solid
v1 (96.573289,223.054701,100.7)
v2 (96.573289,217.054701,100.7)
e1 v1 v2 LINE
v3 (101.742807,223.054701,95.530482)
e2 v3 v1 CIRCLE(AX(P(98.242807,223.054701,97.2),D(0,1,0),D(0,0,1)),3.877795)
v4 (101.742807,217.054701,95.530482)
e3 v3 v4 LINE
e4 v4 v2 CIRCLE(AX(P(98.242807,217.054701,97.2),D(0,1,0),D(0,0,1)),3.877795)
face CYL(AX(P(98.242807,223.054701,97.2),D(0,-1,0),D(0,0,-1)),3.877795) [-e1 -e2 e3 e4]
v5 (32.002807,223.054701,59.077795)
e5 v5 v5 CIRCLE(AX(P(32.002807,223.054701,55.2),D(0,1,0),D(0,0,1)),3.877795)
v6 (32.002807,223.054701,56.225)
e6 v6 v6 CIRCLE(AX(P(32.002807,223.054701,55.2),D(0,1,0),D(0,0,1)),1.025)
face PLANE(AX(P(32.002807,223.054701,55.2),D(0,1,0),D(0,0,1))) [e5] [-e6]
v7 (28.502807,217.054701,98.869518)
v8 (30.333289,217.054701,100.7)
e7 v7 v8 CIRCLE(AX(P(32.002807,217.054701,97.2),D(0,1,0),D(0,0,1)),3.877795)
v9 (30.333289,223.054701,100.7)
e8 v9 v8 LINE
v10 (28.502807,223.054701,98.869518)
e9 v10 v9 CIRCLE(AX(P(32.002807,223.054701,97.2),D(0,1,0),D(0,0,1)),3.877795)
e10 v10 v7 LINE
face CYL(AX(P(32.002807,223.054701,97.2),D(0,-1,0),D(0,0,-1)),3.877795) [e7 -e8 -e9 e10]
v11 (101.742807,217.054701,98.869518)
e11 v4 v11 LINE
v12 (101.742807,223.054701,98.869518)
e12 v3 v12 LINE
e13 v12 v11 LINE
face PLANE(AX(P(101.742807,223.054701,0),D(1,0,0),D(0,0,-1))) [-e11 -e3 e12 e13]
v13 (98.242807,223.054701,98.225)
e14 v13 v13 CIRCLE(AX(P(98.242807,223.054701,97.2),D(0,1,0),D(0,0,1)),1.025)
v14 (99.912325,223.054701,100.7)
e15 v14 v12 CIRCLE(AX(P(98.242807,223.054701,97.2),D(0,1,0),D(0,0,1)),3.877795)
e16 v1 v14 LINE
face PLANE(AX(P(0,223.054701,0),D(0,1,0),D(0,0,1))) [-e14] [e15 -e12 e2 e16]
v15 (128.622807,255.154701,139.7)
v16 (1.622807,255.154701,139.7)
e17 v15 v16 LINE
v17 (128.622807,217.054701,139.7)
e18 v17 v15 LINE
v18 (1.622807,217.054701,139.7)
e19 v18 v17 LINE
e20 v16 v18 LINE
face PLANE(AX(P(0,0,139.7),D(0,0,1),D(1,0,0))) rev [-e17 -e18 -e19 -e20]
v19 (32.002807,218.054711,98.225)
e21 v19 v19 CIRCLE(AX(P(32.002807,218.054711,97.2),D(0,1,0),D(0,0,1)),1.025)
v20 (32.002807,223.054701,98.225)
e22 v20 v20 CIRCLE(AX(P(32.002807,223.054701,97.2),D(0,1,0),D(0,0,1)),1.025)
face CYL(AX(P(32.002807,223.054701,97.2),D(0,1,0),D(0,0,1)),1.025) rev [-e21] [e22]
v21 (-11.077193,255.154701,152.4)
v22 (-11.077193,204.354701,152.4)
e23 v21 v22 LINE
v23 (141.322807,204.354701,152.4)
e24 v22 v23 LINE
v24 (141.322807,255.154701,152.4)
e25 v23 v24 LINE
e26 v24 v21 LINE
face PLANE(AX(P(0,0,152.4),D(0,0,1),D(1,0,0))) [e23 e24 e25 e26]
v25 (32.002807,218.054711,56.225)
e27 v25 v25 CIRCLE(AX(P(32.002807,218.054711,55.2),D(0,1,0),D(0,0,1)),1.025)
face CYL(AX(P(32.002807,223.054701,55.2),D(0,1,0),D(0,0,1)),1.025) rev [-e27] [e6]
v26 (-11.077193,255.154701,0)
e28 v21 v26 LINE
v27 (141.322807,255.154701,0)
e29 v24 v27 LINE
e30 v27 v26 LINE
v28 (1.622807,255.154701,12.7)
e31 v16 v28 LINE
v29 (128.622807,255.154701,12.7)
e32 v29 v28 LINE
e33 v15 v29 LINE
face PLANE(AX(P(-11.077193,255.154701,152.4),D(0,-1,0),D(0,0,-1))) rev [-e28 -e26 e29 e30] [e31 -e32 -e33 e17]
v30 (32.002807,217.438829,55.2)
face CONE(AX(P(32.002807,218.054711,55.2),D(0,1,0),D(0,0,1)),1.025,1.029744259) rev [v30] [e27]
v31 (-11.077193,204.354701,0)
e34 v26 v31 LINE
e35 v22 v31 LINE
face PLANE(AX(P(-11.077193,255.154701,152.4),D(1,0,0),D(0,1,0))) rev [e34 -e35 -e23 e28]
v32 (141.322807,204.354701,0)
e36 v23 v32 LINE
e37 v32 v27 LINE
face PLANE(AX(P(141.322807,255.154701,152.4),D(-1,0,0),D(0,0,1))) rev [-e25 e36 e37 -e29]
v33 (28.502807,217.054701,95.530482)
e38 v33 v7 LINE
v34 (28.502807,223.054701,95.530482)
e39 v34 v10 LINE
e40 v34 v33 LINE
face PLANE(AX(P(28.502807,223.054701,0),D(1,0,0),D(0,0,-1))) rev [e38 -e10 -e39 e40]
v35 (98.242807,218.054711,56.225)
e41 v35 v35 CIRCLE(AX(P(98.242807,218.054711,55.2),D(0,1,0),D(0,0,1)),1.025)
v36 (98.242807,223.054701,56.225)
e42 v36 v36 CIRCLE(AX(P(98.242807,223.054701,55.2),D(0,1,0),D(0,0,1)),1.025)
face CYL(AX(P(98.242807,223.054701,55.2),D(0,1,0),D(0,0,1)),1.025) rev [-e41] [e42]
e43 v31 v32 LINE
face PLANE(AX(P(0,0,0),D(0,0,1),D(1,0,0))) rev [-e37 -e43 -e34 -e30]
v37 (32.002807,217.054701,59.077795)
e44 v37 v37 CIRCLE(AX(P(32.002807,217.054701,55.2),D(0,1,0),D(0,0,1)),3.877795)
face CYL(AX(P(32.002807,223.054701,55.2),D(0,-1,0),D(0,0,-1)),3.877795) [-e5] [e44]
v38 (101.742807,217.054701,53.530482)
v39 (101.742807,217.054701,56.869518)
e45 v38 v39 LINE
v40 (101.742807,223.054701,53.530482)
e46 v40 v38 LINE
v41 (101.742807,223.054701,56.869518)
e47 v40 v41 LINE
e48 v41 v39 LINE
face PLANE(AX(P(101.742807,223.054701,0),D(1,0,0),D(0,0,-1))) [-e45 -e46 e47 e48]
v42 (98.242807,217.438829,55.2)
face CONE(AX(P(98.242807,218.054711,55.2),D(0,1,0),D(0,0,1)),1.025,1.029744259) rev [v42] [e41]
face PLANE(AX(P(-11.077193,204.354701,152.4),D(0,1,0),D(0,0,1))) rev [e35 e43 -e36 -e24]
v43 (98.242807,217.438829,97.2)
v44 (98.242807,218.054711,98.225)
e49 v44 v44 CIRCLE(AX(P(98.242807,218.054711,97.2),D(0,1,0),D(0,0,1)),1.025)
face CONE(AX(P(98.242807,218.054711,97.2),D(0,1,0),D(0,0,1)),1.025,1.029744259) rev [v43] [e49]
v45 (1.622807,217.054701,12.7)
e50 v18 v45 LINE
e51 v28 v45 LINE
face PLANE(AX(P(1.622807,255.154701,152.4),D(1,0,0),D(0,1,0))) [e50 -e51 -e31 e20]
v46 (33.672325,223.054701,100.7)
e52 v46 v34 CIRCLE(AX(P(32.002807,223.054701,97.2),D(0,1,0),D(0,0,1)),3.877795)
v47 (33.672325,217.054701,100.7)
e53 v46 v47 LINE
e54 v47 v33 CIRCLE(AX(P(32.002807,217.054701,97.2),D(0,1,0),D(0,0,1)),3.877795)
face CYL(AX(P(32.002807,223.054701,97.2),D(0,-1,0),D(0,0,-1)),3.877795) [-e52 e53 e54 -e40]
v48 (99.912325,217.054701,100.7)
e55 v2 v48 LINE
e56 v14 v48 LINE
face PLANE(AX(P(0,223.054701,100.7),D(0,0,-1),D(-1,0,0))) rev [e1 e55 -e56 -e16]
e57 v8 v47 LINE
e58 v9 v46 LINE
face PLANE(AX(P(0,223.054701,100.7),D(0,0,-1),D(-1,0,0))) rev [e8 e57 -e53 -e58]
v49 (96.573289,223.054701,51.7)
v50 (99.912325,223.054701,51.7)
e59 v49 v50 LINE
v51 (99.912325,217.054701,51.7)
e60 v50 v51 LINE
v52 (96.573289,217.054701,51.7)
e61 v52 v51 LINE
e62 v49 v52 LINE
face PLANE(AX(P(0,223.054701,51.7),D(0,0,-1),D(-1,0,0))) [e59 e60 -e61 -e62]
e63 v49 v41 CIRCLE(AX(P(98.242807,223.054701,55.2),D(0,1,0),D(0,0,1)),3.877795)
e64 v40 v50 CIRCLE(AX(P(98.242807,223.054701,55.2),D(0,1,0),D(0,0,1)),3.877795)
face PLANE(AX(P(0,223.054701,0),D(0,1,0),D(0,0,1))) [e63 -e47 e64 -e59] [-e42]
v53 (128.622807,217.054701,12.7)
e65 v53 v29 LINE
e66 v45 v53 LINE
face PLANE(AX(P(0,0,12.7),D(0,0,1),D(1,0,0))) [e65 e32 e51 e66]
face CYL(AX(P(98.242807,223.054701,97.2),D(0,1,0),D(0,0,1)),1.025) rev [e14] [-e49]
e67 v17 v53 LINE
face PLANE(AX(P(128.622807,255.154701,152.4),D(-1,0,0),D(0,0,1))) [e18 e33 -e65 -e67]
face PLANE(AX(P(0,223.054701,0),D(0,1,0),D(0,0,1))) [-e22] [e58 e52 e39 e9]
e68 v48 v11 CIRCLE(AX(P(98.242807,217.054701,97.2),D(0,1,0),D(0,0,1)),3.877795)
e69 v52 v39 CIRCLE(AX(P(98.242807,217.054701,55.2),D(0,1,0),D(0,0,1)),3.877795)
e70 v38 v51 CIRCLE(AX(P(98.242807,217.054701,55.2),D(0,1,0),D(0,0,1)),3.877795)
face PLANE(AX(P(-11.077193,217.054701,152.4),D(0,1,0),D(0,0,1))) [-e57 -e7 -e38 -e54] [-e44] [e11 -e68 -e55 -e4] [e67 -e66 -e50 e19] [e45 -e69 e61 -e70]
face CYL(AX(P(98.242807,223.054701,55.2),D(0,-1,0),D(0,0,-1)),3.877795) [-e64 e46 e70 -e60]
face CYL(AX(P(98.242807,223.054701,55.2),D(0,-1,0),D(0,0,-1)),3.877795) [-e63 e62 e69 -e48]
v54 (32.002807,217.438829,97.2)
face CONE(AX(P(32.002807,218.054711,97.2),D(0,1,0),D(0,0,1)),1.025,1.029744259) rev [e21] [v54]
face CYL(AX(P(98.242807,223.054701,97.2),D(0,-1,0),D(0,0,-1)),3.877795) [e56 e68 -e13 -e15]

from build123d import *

# Parameters (mm, degrees)
SKETCH1_W                    = 152.4
SKETCH1_H                    = 50.8
BOSS_EXTRUDE2_DEPTH          = 152.4
SHELL1_T                     = -12.7
SKETCH2_R                    = 3.877794573
BOSS_EXTRUDE3_DEPTH          = 6
M2_5X0_45_TAPPED_HOLE3_D     = 2.05
M2_5X0_45_TAPPED_HOLE3_DEPTH = 4.99999
M2_5X0_45_TAPPED_HOLE3_TIP   = 0.615882135


with BuildPart() as part:
    # Sketch1 → Boss-Extrude2 (new body)
    with BuildSketch(Plane.XY):
        with Locations((65.122807232, 229.754701441)):
            Rectangle(SKETCH1_W, SKETCH1_H)
    extrude(amount=BOSS_EXTRUDE2_DEPTH)

    # Shell1
    shell1_openings = [part.faces().sort_by_distance(p)[0] for p in [
        (65.122807232, 255.154701441, 76.2),
    ]]
    offset(amount=SHELL1_T, openings=shell1_openings, kind=Kind.INTERSECTION)

    # Sketch2 → Boss-Extrude3 (add)
    with BuildSketch(Plane(origin=(0, 217.054701441, 0), x_dir=(1, 0, 0), z_dir=(0, 1, 0))):
        with Locations(Location((32.002807193, -55.2, 0), (0, 0, 270))):
            Circle(SKETCH2_R)
        with BuildLine():
            Line((99.91232539, -51.7), (96.573289151, -51.7))
            ThreePointArc((96.573289151, -51.7), (95.500792432, -57.942014839), (101.742807271, -56.869518119))
            Line((101.742807271, -56.869518119), (101.742807271, -53.530481881))
            ThreePointArc((101.742807271, -53.530481881), (100.984822109, -52.457985161), (99.91232539, -51.7))
        make_face()
        with BuildLine():
            ThreePointArc((33.672325312, -100.7), (34.744822031, -94.457985161), (28.502807193, -95.530481881))
            Line((28.502807193, -95.530481881), (28.502807193, -98.869518119))
            ThreePointArc((28.502807193, -98.869518119), (29.260792354, -99.942014839), (30.333289073, -100.7))
            Line((30.333289073, -100.7), (33.672325312, -100.7))
        make_face()
        with BuildLine():
            Line((101.742807271, -98.869518119), (101.742807271, -95.530481881))
            ThreePointArc((101.742807271, -95.530481881), (95.500792432, -94.457985161), (96.573289151, -100.7))
            Line((96.573289151, -100.7), (99.91232539, -100.7))
            ThreePointArc((99.91232539, -100.7), (100.984822109, -99.942014839), (101.742807271, -98.869518119))
        make_face()
    extrude(amount=BOSS_EXTRUDE3_DEPTH)

    # M2.5x0.45 Tapped Hole3
    with Locations(Plane(origin=(0, 223.054701441, 0), x_dir=(1, 0, 0), z_dir=(0, 1, 0))):
        with Locations((32.002807193, -55.2), (98.242807271, -55.2), (98.242807271, -97.2), (32.002807193, -97.2)):
            Hole(M2_5X0_45_TAPPED_HOLE3_D / 2, depth=M2_5X0_45_TAPPED_HOLE3_DEPTH)
            with Locations((0, 0, -(M2_5X0_45_TAPPED_HOLE3_DEPTH + M2_5X0_45_TAPPED_HOLE3_TIP / 2))):  # 118° drill point
                Cone(0, M2_5X0_45_TAPPED_HOLE3_D / 2, M2_5X0_45_TAPPED_HOLE3_TIP, mode=Mode.SUBTRACT)


solid = part.part
